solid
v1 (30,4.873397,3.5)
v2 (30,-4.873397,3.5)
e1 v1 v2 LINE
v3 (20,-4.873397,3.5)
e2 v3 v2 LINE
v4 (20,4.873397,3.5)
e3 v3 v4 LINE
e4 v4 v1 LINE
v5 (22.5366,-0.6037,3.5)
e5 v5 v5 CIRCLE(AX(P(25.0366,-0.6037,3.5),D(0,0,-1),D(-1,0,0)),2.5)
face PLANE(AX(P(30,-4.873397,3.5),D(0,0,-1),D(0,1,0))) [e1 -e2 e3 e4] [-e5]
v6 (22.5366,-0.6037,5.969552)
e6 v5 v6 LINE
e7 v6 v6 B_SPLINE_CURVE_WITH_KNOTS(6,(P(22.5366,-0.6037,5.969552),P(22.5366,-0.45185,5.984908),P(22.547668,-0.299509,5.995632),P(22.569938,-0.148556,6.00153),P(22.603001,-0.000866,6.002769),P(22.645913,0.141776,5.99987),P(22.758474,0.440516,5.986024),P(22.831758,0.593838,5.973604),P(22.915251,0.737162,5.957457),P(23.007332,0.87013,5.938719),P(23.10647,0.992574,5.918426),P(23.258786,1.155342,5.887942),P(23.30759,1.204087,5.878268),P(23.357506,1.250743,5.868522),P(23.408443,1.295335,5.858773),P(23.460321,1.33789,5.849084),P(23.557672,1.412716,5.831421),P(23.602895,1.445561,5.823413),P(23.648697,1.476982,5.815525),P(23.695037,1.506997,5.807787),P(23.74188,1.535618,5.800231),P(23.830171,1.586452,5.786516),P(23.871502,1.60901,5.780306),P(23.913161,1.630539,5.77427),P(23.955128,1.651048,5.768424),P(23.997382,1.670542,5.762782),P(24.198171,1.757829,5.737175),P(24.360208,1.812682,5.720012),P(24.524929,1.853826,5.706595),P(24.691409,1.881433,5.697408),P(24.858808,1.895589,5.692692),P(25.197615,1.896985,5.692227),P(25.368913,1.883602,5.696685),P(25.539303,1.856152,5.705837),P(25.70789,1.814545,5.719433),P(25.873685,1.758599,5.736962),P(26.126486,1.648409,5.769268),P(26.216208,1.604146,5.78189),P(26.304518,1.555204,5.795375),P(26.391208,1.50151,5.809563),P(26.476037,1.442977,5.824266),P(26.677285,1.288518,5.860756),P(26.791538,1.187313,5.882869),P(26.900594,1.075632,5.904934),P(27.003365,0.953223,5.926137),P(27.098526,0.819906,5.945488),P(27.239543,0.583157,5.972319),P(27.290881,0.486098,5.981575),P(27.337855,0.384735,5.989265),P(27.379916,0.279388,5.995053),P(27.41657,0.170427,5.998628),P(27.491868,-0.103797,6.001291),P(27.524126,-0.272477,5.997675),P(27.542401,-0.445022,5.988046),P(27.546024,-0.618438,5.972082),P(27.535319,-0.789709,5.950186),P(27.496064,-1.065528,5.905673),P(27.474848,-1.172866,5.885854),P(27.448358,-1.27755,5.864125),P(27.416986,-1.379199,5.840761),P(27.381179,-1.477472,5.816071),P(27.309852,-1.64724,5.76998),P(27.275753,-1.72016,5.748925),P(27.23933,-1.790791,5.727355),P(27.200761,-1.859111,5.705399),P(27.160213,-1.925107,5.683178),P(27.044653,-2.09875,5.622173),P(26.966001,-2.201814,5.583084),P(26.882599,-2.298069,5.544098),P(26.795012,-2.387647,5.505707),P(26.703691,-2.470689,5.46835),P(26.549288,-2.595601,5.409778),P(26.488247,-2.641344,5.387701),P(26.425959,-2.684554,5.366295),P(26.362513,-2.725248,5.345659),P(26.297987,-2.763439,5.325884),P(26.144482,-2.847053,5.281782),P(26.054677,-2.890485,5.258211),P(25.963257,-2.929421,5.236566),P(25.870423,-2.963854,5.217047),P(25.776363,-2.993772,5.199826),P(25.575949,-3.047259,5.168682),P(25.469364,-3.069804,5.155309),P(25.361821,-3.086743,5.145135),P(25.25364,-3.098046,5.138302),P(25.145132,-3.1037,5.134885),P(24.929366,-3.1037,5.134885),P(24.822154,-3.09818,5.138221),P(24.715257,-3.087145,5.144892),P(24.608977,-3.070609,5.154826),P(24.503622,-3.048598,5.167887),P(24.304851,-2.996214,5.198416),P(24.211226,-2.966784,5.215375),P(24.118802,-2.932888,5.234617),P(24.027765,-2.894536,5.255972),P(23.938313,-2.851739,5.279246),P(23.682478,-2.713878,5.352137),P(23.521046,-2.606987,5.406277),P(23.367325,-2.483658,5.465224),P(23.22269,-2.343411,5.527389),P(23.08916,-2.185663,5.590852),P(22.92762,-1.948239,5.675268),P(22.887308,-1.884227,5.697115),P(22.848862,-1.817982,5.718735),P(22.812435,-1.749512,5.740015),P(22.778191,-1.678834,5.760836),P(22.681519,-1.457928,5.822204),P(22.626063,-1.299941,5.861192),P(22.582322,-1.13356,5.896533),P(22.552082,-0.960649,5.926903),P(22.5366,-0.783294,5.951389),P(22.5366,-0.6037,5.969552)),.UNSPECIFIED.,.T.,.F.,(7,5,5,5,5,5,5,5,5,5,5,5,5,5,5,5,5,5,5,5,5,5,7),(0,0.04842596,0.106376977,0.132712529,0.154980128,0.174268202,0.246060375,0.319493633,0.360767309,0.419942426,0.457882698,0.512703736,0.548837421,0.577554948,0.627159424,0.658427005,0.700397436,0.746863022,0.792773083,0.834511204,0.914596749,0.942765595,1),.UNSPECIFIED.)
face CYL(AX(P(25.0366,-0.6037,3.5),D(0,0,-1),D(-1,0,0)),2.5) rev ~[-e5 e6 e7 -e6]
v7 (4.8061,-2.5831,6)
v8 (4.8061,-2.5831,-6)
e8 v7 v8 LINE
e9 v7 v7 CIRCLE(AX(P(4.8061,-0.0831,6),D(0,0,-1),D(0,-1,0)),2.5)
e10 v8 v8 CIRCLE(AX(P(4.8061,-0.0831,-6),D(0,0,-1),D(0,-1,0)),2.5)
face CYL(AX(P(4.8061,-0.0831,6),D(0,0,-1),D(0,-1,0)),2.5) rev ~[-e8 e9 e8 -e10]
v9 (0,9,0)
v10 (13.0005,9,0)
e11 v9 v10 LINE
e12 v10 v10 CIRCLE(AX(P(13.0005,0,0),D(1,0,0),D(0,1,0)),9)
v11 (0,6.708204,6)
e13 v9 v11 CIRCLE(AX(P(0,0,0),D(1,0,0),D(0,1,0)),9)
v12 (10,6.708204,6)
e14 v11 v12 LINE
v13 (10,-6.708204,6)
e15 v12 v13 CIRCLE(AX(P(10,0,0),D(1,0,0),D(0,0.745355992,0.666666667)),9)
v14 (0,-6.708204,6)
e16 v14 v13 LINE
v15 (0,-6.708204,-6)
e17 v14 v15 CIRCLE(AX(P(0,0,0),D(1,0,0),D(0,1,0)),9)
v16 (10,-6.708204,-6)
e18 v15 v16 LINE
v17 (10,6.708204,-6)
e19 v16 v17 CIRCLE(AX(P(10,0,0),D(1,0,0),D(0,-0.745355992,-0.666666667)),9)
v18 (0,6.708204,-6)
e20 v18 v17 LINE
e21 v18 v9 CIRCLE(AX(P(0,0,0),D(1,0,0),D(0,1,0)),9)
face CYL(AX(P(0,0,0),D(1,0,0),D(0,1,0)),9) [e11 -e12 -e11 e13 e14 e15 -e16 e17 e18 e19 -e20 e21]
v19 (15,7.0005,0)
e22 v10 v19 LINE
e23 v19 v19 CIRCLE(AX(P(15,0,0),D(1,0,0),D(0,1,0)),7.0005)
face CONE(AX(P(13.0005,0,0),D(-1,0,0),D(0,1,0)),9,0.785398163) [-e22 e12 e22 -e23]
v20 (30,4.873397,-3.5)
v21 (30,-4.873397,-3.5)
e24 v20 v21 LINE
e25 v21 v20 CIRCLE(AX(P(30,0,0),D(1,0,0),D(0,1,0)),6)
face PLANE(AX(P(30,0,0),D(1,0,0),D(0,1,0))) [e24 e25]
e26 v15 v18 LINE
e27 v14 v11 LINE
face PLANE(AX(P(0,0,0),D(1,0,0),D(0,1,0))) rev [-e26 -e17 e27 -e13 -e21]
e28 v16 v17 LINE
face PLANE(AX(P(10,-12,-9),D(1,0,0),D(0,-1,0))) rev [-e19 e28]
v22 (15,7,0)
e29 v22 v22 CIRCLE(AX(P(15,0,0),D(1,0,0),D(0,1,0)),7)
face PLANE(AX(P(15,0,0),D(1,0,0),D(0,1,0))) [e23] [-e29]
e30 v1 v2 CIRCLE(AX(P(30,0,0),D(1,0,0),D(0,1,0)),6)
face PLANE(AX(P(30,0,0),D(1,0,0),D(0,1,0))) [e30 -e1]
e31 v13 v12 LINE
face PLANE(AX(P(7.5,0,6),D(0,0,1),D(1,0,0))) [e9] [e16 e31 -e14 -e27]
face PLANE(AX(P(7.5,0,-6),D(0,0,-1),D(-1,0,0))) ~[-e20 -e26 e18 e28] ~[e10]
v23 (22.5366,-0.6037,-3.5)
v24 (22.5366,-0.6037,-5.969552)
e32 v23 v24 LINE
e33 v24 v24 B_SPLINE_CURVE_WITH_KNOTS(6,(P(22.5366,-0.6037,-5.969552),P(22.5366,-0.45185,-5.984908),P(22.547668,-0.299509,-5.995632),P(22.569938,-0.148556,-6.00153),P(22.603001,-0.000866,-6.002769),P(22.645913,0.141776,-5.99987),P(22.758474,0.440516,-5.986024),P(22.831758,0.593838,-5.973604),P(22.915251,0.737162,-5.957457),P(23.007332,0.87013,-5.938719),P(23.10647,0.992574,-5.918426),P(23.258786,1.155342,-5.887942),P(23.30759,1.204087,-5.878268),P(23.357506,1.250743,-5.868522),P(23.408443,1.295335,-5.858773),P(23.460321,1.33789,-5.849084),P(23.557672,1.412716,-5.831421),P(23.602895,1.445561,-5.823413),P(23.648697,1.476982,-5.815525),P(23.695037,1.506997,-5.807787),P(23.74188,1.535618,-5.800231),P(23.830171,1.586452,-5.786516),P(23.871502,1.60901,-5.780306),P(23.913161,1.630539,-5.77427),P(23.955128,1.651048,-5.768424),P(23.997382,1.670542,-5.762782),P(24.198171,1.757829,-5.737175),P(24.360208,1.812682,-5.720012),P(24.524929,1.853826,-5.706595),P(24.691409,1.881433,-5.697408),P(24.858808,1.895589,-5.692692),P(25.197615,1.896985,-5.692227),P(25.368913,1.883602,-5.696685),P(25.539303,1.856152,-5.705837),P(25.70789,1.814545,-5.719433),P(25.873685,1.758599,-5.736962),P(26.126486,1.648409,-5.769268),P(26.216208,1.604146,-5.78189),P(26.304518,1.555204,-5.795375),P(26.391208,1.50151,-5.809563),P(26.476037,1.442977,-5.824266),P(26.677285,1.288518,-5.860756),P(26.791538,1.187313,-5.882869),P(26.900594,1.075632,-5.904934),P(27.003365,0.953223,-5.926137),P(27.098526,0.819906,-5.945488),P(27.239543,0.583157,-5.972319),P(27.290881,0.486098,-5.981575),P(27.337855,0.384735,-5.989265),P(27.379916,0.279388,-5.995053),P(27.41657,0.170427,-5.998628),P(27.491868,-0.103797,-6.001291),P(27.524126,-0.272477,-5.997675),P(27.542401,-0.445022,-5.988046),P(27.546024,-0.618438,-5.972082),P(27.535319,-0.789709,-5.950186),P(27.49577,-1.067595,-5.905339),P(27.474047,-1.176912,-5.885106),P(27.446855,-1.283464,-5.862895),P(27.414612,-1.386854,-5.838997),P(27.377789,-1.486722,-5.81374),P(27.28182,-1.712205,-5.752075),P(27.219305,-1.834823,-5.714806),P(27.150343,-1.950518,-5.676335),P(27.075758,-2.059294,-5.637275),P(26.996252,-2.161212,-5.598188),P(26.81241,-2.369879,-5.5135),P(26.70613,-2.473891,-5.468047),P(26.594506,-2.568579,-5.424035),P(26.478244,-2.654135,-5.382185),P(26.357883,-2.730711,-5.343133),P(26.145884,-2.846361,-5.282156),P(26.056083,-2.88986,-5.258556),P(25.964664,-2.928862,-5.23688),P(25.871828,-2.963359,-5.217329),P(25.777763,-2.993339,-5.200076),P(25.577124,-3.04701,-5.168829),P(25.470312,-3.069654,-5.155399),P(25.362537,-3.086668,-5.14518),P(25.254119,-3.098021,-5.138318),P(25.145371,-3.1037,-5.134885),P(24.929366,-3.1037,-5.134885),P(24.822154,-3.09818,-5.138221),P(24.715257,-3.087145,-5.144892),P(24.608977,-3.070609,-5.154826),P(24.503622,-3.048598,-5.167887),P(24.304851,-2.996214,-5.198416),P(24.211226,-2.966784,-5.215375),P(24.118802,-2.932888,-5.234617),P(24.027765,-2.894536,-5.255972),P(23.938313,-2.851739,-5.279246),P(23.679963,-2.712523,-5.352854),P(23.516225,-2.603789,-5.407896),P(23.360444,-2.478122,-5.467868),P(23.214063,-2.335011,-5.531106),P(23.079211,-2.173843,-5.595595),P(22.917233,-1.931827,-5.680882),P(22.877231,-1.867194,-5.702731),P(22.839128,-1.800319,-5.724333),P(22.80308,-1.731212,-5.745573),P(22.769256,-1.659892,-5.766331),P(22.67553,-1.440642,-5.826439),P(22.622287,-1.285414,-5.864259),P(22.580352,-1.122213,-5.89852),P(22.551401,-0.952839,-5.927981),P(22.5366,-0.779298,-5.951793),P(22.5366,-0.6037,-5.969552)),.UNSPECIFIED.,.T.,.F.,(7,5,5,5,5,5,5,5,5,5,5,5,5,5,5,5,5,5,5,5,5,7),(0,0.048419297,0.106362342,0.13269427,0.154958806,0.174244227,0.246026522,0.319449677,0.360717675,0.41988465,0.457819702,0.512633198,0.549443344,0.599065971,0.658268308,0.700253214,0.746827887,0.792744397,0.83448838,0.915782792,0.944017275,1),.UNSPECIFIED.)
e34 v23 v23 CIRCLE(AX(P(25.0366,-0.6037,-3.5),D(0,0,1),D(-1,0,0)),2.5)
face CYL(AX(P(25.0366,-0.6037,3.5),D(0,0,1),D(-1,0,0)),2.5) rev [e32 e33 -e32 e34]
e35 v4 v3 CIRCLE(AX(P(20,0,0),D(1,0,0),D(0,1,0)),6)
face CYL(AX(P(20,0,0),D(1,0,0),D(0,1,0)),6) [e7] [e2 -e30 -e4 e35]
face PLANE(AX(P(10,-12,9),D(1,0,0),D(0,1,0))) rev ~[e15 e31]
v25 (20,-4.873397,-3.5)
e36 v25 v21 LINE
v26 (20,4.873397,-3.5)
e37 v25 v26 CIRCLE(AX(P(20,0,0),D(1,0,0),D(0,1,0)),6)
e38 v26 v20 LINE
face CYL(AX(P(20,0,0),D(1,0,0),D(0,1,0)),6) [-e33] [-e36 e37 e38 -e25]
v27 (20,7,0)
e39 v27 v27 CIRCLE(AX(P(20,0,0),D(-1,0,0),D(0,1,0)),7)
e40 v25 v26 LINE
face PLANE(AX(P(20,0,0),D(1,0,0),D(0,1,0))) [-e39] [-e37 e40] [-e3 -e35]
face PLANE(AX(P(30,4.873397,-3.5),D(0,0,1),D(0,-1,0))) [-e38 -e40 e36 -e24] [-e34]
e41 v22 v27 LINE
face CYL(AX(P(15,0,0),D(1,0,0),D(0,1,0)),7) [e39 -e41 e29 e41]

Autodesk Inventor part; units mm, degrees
ref_plane "YZ Plane" through (0, 0, 0) normal (1, 0, 0) x (0, 1, 0)
ref_plane "XZ Plane" through (0, 0, 0) normal (0, 1, 0) x (-1, 0, 0)
sketch "Sketch1" plane through (0, 0, 0) normal (0, 0, 1) x (1, 0, 0)
  line L0 (0, 0) -> (30, 0)
  line L1 (0, 0) -> (0, 9)
  line L2 (0, 9) -> (15, 9)
  line L3 (15, 9) -> (15, 7)
  line L4 (15, 7) -> (20, 7)
  line L5 (20, 7) -> (20, 6)
  line L6 (20, 6) -> (30, 6)
  line L7 (30, 6) -> (30, 0)
  dimension "d5" = 18
  dimension "d6" = 5
  dimension "d7" = 14
  dimension "d8" = 12
  dimension "d9" = 10
  dimension "d10" = 15
revolve "Revolution1" add sketch "Sketch1" angle 360 about axis through (0, 0, 0) along (1, 0, 0)
chamfer "Chamfer1" distance 2 angle 45 1 edges at (15, -9, 0)
ref_plane "Work Plane1" through (7.5, 0, 9) normal (0, 0, 1) x (1, 0, 0)
sketch "Sketch2" plane through (7.5, 0, 9) normal (0, 0, 1) x (1, 0, 0)
  line L0 (-7.5, -9) -> (-7.5, 9) projected
  line L1 (2.5, 8) -> (-7.5, 8)
  line L2 (-7.5, 8) -> (-7.5, -12)
  line L3 (-7.5, -12) -> (2.5, -12)
  line L4 (2.5, -12) -> (2.5, 8)
  line L5 (-7.5, -9) -> (-7.5, 9) projected
  line L6 (-7.5, -9) -> (5.5, -9) projected
  line L7 (-7.5, 9) -> (5.5, 9) projected
  line L8 (5.5, -9) -> (5.5, 9) projected
  point P0 (-7.5, 0)
  point P1 (-7.5, 8)
  dimension "d11" = 10
  dimension "d14" = 20
  dimension "d15" = -1
  dimension "d16" = 3
  dimension "d19" = 18
extrude "Extrusion1" cut sketch "Sketch2" against normal blind 3 contours L6 L4 L3 L2 | L0 L1 L4 L6
mirror "Mirror1" about plane through (0, 0, 0) normal (0, 0, 1) of "Extrusion1"
sketch "Sketch3" plane through (7.5, 0, 6) normal (0, 0, 1) x (1, 0, 0)
  point P0 (-7.5, 0)
  point P1 (-2.6939, -0.0831)
hole "Hole1" at (4.8061, -0.0831, 6) direction (0, 0, -1) diameter 5 end through all
sketch "Sketch4" plane through (30, 0, 0) normal (1, 0, 0) x (0, 0, -1)
  circle A0 centre (0, 0) radius 6 projected
  circle A1 centre (0, 0) radius 7 projected
  circle A2 centre (0, 0) radius 6 projected
  circle A3 centre (0, 0) radius 7 projected
  line L0 (-3.5, 6.0622) -> (3.5, 6.0622)
  line L1 (3.5, 6.0622) -> (3.5, -6.0622)
  line L2 (3.5, -6.0622) -> (-3.5, -6.0622)
  line L3 (-3.5, -6.0622) -> (-3.5, 6.0622)
  line L4 (0, -12.6) -> (0, 12.6) projected
  point P0 (-3.5, -6.0622)
  point P1 (3.5, -6.0622)
  point P2 (3.5, 6.0622)
  point P3 (-3.5, 6.0622)
  dimension "d27" = 7
extrude "Extrusion2" cut sketch "Sketch4" against normal blind 10 contours L1 A0 L4 | A0 L4 L0 L1 | L1 L2 L4 A0 | L4 A0 L3 | A0 L3 L0 L4 | L0 L4 A1 | L4 L2 L3 A0 | A1 L4 L2 | L0 A1 L4 | L4 A1 L2
sketch "Sketch5" plane through (30, -4.8734, 3.5) normal (0, 0, -1) x (-1, 0, 0)
  line L0 (0, 9.7468) -> (10, 9.7468) projected
  line L1 (10, 9.7468) -> (10, 0) projected
  line L2 (10, 0) -> (0, 0) projected
  line L3 (0, 9.7468) -> (0, 0) projected
  circle A0 centre (4.9634, 4.2697) radius 2.5
  line L4 (4.9634, 4.2697) -> (0, 4.8734) construction
  line L5 (0, 9.7468) -> (0, 0) projected
  line L6 (4.9634, 4.2697) -> (5, 9.7468) construction
  point P0 (30, 4.8734)
  dimension "d30" = 5
  dimension "d32" = 5.4772
  dimension "d33" = 5
extrude "Extrusion3" cut sketch "Sketch5" along normal through all both and the other way through all contours A0
equation "\"d15\" = -0.5 * d14 + 0.5 * d19"
properties part number "McCrea_krk_walle"
